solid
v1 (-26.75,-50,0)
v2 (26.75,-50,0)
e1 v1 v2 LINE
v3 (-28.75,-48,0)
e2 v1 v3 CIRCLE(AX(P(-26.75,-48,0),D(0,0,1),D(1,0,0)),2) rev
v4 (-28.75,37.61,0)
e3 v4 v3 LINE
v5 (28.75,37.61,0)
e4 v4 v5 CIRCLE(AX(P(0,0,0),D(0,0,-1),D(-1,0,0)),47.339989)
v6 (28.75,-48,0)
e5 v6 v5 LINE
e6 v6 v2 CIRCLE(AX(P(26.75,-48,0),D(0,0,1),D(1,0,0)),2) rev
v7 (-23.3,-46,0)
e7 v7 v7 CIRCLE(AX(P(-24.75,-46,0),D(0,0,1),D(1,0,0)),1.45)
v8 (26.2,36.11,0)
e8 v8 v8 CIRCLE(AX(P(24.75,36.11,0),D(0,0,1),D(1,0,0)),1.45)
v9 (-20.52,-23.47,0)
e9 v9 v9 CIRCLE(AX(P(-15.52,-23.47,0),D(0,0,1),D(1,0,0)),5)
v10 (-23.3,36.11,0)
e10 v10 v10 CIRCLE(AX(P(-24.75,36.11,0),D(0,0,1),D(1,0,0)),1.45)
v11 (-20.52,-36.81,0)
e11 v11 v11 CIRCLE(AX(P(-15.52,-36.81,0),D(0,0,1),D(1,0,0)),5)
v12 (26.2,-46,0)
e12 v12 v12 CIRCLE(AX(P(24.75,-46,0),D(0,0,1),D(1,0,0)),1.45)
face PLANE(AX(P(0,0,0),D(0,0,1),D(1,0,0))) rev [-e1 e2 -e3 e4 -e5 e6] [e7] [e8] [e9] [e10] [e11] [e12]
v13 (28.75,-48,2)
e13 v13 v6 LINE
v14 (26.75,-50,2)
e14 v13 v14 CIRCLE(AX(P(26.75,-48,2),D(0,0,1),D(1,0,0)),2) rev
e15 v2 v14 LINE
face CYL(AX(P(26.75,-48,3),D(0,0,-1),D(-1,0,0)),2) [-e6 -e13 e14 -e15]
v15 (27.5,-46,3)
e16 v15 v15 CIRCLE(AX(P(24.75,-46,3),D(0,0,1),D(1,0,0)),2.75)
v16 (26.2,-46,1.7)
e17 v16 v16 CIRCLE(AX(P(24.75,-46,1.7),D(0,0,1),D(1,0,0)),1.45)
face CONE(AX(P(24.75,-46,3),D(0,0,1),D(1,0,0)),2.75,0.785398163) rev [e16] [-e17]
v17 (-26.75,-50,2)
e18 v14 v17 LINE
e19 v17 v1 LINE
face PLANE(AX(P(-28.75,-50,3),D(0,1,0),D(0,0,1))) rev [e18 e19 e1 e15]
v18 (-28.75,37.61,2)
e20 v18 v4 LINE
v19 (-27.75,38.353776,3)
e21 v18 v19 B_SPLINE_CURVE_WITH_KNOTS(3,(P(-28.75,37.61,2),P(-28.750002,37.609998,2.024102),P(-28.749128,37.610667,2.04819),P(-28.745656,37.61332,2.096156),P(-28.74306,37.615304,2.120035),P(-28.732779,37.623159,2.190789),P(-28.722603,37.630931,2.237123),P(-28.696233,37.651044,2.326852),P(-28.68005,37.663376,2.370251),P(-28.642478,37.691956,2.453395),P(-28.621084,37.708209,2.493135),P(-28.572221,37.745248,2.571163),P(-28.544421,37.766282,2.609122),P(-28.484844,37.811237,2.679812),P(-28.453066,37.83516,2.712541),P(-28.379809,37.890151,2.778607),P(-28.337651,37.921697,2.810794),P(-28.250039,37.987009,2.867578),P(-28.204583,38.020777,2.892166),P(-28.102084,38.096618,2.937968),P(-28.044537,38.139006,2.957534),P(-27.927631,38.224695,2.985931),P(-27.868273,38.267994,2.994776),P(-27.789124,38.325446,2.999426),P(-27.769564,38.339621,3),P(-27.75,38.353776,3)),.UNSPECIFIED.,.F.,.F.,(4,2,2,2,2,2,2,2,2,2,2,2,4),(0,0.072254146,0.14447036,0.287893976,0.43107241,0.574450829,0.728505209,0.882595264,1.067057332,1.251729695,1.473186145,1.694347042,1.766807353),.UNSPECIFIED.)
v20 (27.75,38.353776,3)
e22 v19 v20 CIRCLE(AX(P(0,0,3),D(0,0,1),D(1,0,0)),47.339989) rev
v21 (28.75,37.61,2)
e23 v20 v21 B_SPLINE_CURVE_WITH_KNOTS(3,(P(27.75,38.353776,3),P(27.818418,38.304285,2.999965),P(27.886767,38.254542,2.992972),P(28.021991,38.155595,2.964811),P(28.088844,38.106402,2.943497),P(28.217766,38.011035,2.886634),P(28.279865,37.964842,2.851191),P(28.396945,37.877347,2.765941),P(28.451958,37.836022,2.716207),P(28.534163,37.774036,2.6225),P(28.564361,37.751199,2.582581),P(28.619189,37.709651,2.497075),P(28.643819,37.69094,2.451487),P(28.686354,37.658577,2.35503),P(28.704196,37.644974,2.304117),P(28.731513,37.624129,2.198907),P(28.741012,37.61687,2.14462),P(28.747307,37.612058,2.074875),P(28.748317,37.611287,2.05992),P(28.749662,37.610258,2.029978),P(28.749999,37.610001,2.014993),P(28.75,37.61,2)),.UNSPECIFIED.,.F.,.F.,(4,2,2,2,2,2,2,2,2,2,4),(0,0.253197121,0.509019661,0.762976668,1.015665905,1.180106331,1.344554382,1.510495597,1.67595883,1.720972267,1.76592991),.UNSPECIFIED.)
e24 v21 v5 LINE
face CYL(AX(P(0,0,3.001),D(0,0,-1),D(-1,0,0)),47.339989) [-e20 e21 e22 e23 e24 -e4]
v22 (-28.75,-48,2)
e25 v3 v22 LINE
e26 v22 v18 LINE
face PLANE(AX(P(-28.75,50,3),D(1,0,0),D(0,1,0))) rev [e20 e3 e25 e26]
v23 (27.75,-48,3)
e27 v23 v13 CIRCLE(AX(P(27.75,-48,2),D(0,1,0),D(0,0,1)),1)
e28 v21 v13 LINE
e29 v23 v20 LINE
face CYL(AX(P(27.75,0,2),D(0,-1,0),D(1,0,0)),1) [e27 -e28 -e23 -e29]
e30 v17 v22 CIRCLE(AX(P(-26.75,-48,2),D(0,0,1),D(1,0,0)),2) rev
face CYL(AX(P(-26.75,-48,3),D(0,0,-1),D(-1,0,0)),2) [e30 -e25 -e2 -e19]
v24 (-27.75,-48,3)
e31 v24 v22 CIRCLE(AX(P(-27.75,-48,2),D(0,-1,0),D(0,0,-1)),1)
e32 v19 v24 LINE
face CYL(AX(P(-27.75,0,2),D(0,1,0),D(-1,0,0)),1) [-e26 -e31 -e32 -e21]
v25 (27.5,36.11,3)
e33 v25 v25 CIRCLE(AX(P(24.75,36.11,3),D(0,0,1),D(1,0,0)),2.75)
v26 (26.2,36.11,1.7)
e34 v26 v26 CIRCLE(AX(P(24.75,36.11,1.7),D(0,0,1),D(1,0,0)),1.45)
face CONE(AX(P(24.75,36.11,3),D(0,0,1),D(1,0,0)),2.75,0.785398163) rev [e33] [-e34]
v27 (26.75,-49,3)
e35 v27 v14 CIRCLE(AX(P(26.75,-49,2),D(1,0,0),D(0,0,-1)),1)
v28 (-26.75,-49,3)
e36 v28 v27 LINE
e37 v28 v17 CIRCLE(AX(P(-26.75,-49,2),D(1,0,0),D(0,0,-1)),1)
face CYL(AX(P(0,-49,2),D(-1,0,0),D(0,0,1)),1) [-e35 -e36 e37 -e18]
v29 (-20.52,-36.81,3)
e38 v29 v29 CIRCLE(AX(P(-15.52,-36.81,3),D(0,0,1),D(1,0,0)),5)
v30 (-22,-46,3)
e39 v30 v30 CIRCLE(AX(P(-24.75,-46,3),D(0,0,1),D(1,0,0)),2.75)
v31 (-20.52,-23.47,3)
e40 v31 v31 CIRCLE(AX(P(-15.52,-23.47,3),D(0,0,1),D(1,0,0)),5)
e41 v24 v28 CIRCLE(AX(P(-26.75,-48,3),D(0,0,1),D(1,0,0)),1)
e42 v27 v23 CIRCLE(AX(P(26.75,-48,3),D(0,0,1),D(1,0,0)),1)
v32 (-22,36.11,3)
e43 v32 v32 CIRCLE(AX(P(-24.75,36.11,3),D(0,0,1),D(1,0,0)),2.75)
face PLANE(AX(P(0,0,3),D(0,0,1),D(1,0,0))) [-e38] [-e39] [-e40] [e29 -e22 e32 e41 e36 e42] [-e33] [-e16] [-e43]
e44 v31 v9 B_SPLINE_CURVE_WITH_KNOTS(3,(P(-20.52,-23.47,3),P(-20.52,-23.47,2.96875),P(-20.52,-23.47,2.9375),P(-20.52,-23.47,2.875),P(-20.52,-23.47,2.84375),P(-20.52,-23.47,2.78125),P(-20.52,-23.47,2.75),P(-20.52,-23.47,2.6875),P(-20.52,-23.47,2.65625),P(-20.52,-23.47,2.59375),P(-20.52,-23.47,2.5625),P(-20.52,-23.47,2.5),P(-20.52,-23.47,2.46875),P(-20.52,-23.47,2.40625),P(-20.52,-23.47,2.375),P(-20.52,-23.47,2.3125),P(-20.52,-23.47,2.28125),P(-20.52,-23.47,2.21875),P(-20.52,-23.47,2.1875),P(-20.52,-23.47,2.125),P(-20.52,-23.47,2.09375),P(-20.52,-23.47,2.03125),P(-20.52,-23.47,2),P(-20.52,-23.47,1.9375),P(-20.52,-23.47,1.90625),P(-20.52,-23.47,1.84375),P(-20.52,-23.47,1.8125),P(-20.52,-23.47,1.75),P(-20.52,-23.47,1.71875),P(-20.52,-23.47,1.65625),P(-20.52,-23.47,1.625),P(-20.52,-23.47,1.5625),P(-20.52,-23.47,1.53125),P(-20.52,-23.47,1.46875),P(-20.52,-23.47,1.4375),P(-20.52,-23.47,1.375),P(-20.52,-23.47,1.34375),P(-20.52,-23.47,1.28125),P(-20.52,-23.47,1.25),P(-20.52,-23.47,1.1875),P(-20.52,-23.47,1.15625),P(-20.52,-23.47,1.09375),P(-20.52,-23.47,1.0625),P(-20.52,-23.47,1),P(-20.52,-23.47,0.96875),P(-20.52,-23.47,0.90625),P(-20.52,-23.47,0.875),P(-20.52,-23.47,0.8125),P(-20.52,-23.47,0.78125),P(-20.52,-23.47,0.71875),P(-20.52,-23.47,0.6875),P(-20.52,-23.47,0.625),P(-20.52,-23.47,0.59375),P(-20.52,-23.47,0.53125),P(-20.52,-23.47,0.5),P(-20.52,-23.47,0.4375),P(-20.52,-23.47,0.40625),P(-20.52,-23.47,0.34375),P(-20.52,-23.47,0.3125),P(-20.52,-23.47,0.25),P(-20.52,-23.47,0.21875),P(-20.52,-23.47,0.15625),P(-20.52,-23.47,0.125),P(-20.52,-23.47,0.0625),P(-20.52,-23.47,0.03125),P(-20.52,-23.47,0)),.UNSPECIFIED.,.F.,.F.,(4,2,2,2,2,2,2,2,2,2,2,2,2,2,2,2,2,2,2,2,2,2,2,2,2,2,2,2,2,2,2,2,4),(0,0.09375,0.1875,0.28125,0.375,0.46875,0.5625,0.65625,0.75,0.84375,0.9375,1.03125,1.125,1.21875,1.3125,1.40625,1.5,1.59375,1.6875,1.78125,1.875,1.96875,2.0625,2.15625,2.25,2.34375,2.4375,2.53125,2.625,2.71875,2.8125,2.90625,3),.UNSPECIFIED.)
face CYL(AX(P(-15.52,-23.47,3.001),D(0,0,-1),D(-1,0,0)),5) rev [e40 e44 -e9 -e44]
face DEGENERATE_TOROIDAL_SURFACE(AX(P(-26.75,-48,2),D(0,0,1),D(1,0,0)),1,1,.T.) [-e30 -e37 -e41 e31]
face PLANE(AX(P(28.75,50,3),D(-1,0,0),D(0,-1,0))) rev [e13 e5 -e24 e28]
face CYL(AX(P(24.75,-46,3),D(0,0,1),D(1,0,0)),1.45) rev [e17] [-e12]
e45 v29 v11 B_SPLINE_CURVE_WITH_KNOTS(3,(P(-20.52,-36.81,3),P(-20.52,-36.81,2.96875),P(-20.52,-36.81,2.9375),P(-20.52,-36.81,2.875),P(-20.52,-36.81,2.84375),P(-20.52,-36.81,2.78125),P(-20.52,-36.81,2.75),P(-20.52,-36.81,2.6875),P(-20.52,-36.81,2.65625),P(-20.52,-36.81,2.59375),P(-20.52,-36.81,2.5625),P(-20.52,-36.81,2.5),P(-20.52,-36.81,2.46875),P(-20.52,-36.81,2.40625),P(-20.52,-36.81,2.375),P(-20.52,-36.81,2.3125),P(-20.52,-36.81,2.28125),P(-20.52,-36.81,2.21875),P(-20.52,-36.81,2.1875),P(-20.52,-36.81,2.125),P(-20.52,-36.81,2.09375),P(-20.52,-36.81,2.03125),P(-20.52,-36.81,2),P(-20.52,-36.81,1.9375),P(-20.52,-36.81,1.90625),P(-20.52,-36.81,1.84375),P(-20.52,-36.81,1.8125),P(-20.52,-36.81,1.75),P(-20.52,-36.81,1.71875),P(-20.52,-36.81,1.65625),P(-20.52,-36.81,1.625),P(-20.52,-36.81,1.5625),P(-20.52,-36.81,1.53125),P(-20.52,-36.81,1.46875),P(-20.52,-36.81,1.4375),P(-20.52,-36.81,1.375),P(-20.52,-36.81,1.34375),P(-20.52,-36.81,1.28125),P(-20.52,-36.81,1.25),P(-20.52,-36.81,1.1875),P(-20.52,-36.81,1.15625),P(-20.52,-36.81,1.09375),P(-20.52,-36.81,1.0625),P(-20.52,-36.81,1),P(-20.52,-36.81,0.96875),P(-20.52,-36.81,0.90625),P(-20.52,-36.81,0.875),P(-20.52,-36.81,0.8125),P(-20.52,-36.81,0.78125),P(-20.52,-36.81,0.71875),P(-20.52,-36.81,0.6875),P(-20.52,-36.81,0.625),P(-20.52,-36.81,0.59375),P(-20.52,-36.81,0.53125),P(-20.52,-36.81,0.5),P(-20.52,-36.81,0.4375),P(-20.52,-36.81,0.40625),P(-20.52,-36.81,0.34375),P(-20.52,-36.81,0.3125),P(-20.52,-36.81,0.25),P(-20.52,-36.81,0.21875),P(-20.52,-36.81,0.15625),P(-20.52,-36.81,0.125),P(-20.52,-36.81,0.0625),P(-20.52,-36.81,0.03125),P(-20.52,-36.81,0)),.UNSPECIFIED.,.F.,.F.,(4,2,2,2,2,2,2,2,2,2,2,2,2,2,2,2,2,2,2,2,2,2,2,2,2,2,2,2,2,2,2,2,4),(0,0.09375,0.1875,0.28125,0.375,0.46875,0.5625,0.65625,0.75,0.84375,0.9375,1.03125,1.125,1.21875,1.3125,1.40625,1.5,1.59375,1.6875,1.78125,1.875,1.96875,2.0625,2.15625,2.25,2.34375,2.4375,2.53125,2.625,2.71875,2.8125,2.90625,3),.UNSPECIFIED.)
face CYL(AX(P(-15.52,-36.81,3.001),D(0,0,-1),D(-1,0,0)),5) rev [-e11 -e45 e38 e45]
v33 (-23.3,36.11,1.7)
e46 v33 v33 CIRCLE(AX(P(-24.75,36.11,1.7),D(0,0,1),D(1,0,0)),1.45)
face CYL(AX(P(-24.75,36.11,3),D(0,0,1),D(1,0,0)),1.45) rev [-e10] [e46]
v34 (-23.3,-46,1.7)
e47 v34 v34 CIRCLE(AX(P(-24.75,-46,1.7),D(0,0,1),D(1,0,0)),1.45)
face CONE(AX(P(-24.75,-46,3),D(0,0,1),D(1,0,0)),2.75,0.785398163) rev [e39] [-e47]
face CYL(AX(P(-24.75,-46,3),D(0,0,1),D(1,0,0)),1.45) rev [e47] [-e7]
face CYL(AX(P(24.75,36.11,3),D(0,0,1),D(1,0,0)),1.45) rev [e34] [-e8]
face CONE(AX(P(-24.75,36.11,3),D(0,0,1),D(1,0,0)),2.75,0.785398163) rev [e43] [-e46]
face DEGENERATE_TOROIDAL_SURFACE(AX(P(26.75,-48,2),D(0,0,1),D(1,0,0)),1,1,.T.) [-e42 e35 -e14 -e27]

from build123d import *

# Parameters (mm, degrees)
SCHIZZO4_W                               = 57.5
SCHIZZO4_H                               = 100
ESTRUSIONE_ESTRUSIONE2_DEPTH             = 3
TAGLIO_ESTRUSIONE2_REACH                 = 59.754
SCHIZZO7_R                               = 5
RACCORDO1_R                              = 2
RACCORDO3_R                              = 2
RACCORDO4_R                              = 1
FORO_SVASATO_PER_VITE_M2_5_1_D           = 2.9
FORO_SVASATO_PER_VITE_M2_5_1_CSINK_D     = 5.5
FORO_SVASATO_PER_VITE_M2_5_1_CSINK_ANGLE = 90


with BuildPart() as part:
    # Schizzo4 → Estrusione-Estrusione2 (new body)
    with BuildSketch(Plane.XY):
        Rectangle(SCHIZZO4_W, SCHIZZO4_H)
    extrude(amount=ESTRUSIONE_ESTRUSIONE2_DEPTH)

    # Schizzo7 → Taglio-Estrusione2 (cut, up to next)
    with BuildSketch(Plane.XY, mode=Mode.PRIVATE) as taglio_estrusione2_sk1:
        with Locations(Location((-15.52, -36.81, 0), (0, 0, 180))):
            Circle(SCHIZZO7_R)
    taglio_estrusione2_tool1 = extrude(taglio_estrusione2_sk1.sketch, amount=TAGLIO_ESTRUSIONE2_REACH, mode=Mode.PRIVATE) & part.part
    # Schizzo7 → Taglio-Estrusione2 (cut, up to next)
    with BuildSketch(Plane.XY, mode=Mode.PRIVATE) as taglio_estrusione2_sk2:
        with Locations(Location((-15.52, -23.47, 0), (0, 0, 180))):
            Circle(SCHIZZO7_R)
    taglio_estrusione2_tool2 = extrude(taglio_estrusione2_sk2.sketch, amount=TAGLIO_ESTRUSIONE2_REACH, mode=Mode.PRIVATE) & part.part
    # Schizzo7 → Taglio-Estrusione2 (cut, up to next)
    with BuildSketch(Plane.XY, mode=Mode.PRIVATE) as taglio_estrusione2_sk3:
        with BuildLine():
            Line((-28.75, 37.61), (-28.75, 50))
            Line((-28.75, 50), (28.75, 50))
            Line((28.75, 50), (28.75, 37.61))
            ThreePointArc((28.75, 37.61), (0, 47.339989438), (-28.75, 37.61))
        make_face()
    taglio_estrusione2_tool3 = extrude(taglio_estrusione2_sk3.sketch, amount=TAGLIO_ESTRUSIONE2_REACH, mode=Mode.PRIVATE) & part.part
    add(taglio_estrusione2_tool1.solids().sort_by_distance((-15.52, -36.81, 0))[0], mode=Mode.SUBTRACT)
    add(taglio_estrusione2_tool2.solids().sort_by_distance((-15.52, -23.47, 0))[0], mode=Mode.SUBTRACT)
    add(taglio_estrusione2_tool3.solids().sort_by_distance((-28.161803, 43.805, 0))[0], mode=Mode.SUBTRACT)

    # Raccordo1
    raccordo1_edges = [part.edges().sort_by_distance(p)[0] for p in [
        (-28.75, -50, 1.5),
    ]]
    fillet(raccordo1_edges, radius=RACCORDO1_R)

    # Raccordo3
    raccordo3_edges = [part.edges().sort_by_distance(p)[0] for p in [
        (28.75, -50, 1.5),
    ]]
    fillet(raccordo3_edges, radius=RACCORDO3_R)

    # Raccordo4
    raccordo4_edges = [part.edges().sort_by_distance(p)[0] for p in [
        (-28.75, -5.195, 3),
        (0, -50, 3),
        (-28.164213562, -49.414213562, 3),
        (28.75, -5.195, 3),
        (28.164213562, -49.414213562, 3),
    ]]
    fillet(raccordo4_edges, radius=RACCORDO4_R)

    # Foro svasato per Vite M2.5-1 (through all)
    with Locations(Plane.XY.offset(3)):
        with Locations((-24.75, 36.11), (24.75, -46), (-24.75, -46), (24.75, 36.11)):
            CounterSinkHole(FORO_SVASATO_PER_VITE_M2_5_1_D / 2, FORO_SVASATO_PER_VITE_M2_5_1_CSINK_D / 2, counter_sink_angle=FORO_SVASATO_PER_VITE_M2_5_1_CSINK_ANGLE)


solid = part.part
